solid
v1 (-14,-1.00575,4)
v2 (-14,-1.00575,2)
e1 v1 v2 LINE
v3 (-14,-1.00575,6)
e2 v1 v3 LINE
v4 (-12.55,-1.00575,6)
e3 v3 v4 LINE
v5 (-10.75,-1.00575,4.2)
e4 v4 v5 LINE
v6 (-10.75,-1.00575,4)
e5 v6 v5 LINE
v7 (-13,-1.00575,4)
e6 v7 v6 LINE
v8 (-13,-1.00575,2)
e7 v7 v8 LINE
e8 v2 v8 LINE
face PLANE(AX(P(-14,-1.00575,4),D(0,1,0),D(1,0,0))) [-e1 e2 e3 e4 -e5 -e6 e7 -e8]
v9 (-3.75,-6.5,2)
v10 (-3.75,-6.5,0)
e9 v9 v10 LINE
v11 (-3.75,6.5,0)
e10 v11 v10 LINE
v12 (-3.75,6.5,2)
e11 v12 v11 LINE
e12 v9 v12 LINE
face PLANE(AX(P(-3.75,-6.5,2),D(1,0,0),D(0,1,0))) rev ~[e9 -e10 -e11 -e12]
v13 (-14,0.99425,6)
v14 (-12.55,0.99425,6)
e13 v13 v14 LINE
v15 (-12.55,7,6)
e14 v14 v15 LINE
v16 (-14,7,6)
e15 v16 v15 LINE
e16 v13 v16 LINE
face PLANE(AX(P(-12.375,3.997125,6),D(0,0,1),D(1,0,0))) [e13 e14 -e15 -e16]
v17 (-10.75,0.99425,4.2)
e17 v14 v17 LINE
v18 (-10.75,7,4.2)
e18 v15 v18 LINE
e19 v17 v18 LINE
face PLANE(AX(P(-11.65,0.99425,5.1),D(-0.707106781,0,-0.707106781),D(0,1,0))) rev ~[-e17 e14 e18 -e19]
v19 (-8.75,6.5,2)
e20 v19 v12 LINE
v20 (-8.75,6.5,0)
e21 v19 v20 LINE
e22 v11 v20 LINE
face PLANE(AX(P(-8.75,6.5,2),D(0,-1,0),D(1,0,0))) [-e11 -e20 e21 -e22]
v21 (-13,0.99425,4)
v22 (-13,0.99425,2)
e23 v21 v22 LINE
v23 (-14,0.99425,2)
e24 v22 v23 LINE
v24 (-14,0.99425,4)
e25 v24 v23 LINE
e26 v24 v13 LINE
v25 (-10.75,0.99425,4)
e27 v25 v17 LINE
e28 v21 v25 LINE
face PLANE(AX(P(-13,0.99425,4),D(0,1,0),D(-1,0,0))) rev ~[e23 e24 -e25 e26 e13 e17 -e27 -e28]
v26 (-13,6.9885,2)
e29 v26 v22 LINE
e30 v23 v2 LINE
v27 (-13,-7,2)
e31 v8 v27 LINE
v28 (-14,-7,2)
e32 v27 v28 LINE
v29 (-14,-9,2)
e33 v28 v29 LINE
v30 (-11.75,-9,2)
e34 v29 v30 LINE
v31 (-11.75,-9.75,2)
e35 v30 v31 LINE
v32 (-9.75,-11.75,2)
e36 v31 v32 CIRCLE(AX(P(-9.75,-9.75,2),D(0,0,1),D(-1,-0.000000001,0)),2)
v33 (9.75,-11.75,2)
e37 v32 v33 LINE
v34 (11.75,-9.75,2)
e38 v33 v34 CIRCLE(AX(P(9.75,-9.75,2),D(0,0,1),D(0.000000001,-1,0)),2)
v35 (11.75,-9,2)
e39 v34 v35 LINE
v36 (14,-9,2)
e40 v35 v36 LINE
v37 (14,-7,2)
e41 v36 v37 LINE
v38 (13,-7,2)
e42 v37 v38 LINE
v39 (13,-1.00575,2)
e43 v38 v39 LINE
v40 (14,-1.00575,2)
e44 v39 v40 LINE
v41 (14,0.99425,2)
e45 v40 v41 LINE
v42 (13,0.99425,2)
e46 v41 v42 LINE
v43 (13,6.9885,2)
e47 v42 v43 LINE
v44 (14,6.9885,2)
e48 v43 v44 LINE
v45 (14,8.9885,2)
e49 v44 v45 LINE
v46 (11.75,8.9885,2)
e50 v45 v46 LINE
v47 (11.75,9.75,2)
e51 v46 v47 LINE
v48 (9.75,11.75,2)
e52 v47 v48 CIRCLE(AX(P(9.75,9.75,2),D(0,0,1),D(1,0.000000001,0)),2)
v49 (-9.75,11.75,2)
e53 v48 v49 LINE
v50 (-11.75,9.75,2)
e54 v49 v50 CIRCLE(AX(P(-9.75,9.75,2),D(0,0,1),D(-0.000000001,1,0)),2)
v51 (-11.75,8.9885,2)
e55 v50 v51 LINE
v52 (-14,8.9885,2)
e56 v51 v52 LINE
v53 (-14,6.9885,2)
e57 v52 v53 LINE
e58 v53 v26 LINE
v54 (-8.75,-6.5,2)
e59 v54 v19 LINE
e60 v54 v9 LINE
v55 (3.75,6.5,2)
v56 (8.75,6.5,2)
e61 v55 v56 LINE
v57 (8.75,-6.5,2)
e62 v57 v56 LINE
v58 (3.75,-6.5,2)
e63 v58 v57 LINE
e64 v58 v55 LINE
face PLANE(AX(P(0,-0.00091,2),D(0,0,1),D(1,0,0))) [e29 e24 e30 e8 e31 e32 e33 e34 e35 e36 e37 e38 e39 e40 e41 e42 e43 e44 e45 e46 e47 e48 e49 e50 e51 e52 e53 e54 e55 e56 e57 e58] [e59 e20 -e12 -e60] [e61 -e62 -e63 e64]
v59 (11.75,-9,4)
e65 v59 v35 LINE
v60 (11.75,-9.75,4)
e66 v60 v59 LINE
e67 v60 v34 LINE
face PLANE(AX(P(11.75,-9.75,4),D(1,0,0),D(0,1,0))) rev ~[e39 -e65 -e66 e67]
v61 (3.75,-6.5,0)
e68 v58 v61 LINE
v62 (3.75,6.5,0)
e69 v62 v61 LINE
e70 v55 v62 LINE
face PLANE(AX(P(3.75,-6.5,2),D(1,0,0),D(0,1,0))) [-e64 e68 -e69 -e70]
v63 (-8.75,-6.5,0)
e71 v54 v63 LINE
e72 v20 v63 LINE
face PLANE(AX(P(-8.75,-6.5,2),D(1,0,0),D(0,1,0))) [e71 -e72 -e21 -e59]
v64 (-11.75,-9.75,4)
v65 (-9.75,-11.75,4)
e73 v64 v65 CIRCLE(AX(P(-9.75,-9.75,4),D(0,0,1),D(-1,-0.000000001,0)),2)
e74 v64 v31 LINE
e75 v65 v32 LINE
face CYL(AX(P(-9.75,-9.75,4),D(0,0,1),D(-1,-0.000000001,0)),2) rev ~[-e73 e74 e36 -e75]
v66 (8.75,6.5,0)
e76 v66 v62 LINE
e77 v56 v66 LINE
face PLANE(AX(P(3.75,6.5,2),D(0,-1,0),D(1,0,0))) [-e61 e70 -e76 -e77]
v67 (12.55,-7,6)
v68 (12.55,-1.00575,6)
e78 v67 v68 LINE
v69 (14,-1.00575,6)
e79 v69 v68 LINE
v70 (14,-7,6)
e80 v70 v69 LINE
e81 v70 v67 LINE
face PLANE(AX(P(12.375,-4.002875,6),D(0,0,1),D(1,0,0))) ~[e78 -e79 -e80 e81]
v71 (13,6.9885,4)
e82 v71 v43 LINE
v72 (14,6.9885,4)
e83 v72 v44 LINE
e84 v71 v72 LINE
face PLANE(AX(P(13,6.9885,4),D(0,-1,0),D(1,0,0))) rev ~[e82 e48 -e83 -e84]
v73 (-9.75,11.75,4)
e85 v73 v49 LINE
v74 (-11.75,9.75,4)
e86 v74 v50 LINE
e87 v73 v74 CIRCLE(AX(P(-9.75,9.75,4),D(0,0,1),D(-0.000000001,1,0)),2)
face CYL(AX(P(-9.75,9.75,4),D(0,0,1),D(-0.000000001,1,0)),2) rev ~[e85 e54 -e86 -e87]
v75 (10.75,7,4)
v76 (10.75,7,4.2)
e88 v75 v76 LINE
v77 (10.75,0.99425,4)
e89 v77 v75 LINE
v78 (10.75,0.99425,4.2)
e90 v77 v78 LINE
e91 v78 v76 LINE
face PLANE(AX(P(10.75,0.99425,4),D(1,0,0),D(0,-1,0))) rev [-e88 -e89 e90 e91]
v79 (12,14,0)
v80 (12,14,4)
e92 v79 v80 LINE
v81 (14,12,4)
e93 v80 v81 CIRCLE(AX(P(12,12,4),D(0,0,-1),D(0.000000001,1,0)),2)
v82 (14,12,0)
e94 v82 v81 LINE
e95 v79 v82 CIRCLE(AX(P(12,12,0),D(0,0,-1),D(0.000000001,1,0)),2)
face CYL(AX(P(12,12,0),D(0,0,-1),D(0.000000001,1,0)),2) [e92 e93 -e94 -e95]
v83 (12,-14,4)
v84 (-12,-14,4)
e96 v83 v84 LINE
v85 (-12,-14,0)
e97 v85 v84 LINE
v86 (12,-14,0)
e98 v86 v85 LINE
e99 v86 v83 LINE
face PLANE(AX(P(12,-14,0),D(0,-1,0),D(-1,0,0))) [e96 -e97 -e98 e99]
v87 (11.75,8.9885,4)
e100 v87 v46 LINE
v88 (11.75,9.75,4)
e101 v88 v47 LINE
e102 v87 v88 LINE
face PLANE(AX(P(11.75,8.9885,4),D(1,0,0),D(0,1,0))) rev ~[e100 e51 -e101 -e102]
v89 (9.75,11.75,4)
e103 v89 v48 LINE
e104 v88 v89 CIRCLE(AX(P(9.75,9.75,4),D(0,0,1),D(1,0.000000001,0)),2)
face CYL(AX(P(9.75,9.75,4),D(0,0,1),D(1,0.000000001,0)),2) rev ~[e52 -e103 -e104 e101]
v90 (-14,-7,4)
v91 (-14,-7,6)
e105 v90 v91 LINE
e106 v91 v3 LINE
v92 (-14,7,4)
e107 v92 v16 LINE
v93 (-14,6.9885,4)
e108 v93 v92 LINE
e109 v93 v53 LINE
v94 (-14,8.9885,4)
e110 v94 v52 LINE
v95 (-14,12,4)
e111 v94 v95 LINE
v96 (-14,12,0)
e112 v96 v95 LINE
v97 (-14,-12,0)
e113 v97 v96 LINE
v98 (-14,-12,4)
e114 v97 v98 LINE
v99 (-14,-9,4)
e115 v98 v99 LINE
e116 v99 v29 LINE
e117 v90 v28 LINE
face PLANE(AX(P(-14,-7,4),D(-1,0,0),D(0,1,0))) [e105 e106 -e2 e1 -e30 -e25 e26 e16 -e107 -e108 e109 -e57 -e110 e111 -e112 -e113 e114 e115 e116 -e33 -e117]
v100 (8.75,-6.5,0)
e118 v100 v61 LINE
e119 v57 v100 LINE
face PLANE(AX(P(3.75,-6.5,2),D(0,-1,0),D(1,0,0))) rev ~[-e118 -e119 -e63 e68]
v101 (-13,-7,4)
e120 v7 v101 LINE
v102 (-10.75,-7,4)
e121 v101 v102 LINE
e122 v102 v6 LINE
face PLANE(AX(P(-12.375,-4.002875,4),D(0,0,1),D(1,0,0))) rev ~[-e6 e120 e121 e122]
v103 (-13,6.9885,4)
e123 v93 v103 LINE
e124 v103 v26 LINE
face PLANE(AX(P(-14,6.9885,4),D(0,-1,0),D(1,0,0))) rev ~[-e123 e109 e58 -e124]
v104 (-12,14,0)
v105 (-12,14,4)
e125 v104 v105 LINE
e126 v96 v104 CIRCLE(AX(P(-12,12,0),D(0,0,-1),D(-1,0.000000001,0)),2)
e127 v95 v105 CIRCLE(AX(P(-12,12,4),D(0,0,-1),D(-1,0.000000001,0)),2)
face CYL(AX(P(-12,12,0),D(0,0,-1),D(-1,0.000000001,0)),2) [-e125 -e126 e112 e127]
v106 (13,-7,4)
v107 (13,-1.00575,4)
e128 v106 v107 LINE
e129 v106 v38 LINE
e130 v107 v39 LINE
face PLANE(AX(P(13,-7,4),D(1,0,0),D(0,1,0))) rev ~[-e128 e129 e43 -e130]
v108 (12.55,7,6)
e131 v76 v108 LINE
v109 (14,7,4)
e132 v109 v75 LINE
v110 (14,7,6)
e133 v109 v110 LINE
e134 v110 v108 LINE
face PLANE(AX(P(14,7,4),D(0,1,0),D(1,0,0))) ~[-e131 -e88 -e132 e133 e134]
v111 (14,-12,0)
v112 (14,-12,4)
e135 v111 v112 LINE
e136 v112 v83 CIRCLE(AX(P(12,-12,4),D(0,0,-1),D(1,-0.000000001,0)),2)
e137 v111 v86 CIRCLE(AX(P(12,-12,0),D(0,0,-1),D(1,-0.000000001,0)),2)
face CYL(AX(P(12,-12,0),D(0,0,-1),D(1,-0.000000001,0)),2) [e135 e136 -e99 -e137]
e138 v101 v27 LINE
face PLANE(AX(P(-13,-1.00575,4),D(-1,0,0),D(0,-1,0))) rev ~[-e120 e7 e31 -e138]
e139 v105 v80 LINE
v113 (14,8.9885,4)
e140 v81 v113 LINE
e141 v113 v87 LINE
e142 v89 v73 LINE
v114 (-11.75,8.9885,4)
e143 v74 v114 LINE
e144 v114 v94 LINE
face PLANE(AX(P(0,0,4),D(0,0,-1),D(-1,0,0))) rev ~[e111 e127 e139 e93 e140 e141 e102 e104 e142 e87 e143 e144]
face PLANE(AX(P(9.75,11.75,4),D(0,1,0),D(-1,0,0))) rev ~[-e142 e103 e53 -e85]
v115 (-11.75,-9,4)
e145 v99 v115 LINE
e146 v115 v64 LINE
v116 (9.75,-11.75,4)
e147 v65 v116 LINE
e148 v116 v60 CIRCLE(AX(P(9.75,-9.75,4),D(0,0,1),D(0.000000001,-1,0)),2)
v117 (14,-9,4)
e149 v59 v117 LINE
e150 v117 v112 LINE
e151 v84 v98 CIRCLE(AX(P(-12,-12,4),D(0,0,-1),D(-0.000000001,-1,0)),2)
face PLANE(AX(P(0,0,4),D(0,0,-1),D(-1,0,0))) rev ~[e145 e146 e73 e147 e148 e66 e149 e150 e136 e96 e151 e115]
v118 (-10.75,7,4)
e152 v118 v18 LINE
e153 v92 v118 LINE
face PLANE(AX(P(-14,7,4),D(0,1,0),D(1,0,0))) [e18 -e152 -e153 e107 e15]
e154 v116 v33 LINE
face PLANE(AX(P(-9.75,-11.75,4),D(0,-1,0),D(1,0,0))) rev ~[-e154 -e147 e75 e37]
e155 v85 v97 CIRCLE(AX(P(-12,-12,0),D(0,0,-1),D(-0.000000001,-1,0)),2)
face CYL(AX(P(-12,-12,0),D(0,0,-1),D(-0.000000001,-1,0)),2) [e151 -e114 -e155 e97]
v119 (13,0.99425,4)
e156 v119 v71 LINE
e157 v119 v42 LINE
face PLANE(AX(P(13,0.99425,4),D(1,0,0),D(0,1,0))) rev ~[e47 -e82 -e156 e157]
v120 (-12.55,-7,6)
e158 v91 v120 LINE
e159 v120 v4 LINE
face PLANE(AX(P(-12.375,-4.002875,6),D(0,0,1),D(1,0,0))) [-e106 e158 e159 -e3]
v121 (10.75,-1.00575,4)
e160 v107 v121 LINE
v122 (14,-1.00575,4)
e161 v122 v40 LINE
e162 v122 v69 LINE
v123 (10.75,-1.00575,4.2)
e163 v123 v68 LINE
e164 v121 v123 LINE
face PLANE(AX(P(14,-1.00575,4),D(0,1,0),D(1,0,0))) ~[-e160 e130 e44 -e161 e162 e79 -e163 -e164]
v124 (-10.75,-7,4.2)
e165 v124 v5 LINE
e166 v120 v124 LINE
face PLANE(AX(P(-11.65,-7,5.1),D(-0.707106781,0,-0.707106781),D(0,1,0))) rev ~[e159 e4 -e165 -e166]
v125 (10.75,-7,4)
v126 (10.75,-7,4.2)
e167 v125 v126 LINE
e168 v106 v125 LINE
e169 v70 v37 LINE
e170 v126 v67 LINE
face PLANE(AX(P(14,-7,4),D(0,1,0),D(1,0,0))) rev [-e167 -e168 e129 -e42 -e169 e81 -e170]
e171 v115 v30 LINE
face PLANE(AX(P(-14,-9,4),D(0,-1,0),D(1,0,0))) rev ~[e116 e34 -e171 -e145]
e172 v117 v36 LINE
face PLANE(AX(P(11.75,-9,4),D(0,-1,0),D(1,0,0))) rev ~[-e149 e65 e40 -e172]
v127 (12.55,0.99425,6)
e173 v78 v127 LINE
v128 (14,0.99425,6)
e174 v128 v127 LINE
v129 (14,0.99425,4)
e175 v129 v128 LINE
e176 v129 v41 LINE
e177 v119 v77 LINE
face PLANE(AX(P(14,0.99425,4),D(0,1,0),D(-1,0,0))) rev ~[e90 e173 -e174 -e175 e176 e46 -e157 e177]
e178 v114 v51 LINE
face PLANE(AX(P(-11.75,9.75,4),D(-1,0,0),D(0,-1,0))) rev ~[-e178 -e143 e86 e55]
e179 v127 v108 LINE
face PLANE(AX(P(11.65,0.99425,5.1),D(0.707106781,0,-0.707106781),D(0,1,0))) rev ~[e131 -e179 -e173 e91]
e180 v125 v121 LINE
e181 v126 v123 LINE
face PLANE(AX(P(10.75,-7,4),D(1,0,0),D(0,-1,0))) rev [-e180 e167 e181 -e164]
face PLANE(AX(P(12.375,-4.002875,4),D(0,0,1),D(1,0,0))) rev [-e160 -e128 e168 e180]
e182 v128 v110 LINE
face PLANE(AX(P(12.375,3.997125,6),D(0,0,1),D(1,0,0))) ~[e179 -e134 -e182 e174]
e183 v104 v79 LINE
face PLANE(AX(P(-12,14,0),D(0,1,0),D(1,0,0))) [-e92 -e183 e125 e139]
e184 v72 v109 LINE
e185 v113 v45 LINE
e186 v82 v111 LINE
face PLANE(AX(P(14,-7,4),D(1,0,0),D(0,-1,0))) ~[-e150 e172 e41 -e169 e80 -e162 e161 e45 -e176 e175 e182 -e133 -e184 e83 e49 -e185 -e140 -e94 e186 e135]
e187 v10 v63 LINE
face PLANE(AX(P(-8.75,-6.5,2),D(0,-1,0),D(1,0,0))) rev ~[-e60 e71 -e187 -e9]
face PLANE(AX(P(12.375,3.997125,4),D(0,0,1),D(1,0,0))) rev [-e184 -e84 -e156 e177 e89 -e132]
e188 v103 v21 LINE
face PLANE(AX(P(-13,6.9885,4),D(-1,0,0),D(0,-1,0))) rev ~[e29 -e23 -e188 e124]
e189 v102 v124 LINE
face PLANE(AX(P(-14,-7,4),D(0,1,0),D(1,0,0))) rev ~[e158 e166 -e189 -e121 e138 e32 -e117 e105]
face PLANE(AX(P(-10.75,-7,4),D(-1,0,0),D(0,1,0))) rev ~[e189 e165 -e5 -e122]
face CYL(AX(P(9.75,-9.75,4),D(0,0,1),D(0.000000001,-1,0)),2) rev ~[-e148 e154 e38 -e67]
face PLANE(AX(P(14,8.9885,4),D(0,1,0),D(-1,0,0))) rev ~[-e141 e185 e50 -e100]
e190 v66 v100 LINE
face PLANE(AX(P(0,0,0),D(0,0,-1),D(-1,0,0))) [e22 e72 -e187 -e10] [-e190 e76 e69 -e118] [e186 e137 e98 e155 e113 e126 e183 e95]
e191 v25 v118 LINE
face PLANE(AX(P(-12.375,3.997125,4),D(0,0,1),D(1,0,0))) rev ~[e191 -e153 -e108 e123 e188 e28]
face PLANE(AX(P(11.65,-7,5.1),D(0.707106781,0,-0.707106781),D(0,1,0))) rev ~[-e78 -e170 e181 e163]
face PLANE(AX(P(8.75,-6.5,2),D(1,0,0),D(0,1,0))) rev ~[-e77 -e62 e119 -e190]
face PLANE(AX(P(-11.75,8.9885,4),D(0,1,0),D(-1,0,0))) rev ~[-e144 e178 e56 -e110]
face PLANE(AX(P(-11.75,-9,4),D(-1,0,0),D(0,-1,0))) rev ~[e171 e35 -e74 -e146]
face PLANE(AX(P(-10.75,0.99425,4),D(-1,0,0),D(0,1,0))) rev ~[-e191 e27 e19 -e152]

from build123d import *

# Parameters (mm, degrees)
BOSS_EXTRU_1_DEPTH           = 4
ENL_V_MAT_EXTRU_1_DEPTH      = 2
ESQUISSE3_W                  = 5
ESQUISSE3_H                  = 13
ENL_V_MAT_EXTRU_2_DEPTH      = 20.899748742
ESQUISSE4_W                  = 3.25
ESQUISSE4_H                  = 5.994249795
ESQUISSE4_H_2                = 6.005750205
BOSS_EXTRU_2_DEPTH           = 2
CHANFREIN3_SIZE              = 1.8
CHANFREIN3_OF_SYM_TRIE1_SIZE = 1.8


with BuildPart() as part:
    # Esquisse1 → Boss.-Extru.1 (new body)
    with BuildSketch(Plane.XY):
        with BuildLine():
            Line((12, -14), (-12, -14))
            ThreePointArc((-12, -14), (-13.414213562, -13.414213562), (-14, -12))
            Line((-14, -12), (-14, 12))
            ThreePointArc((-14, 12), (-13.414213562, 13.414213562), (-12, 14))
            Line((-12, 14), (12, 14))
            ThreePointArc((12, 14), (13.414213562, 13.414213562), (14, 12))
            Line((14, 12), (14, -12))
            ThreePointArc((14, -12), (13.414213562, -13.414213562), (12, -14))
        make_face()
    extrude(amount=BOSS_EXTRU_1_DEPTH)

    # Esquisse2 → Enlèv. mat.-Extru.1 (cut)
    with BuildSketch(Plane.XY.offset(4)):
        with BuildLine():
            Line((-9.75, -11.75), (9.75, -11.75))
            ThreePointArc((9.75, -11.75), (11.164213562, -11.164213562), (11.75, -9.75))
            Line((11.75, -9.75), (11.75, -9))
            Line((11.75, -9), (14, -9))
            Line((14, -9), (14, -7))
            Line((14, -7), (13, -7))
            Line((13, -7), (13, -1.005750205))
            Line((13, -1.005750205), (14, -1.005750205))
            Line((14, -1.005750205), (14, 0.994249795))
            Line((14, 0.994249795), (13, 0.994249795))
            Line((13, 0.994249795), (13, 6.988499589))
            Line((13, 6.988499589), (14, 6.988499589))
            Line((14, 6.988499589), (14, 8.988499589))
            Line((14, 8.988499589), (11.75, 8.988499589))
            Line((11.75, 8.988499589), (11.75, 9.75))
            ThreePointArc((11.75, 9.75), (11.164213562, 11.164213562), (9.75, 11.75))
            Line((9.75, 11.75), (-9.75, 11.75))
            ThreePointArc((-9.75, 11.75), (-11.164213562, 11.164213562), (-11.75, 9.75))
            Line((-11.75, 9.75), (-11.75, 8.988499589))
            Line((-11.75, 8.988499589), (-14, 8.988499589))
            Line((-14, 8.988499589), (-14, 6.988499589))
            Line((-14, 6.988499589), (-13, 6.988499589))
            Line((-13, 6.988499589), (-13, 0.994249795))
            Line((-13, 0.994249795), (-14, 0.994249795))
            Line((-14, 0.994249795), (-14, -1.005750205))
            Line((-14, -1.005750205), (-13, -1.005750205))
            Line((-13, -1.005750205), (-13, -7))
            Line((-13, -7), (-14, -7))
            Line((-14, -7), (-14, -9))
            Line((-14, -9), (-11.75, -9))
            Line((-11.75, -9), (-11.75, -9.75))
            ThreePointArc((-11.75, -9.75), (-11.164213562, -11.164213562), (-9.75, -11.75))
        make_face()
    extrude(amount=-ENL_V_MAT_EXTRU_1_DEPTH, mode=Mode.SUBTRACT)

    # Esquisse3 → Enlèv. mat.-Extru.2 (cut, through all)
    with BuildSketch(Plane.XY.offset(2)):
        with Locations((-6.25, 0)):
            Rectangle(ESQUISSE3_W, ESQUISSE3_H)
        with Locations((6.25, 0)):
            Rectangle(ESQUISSE3_W, ESQUISSE3_H)
    extrude(amount=-ENL_V_MAT_EXTRU_2_DEPTH, mode=Mode.SUBTRACT)

    # Esquisse4 → Boss.-Extru.2 (add)
    with BuildSketch(Plane.XY.offset(4)):
        with Locations((-12.375, -4.002875103)):
            Rectangle(ESQUISSE4_W, ESQUISSE4_H)
        with Locations((-12.375, 3.997124897)):
            Rectangle(ESQUISSE4_W, ESQUISSE4_H_2)
    boss_extru_2 = extrude(amount=BOSS_EXTRU_2_DEPTH)

    # Chanfrein3
    chanfrein3_edges = [part.edges().sort_by_distance(p)[0] for p in [
        (-10.75, 3.997124897, 6),
        (-10.75, -4.002875103, 6),
    ]]
    chamfer(chanfrein3_edges, length=CHANFREIN3_SIZE)

    # Symétrie1: Boss.-Extru.2 across plane
    add(boss_extru_2.mirror(Plane(origin=(0, 0, 0), x_dir=(0, 0, 1), z_dir=(1, 0, 0))))

    # Chanfrein3 of Symétrie1
    chanfrein3_of_sym_trie1_edges = [part.edges().sort_by_distance(p)[0] for p in [
        (10.75, 3.997124897, 6),
        (10.75, -4.002875103, 6),
    ]]
    chamfer(chanfrein3_of_sym_trie1_edges, length=CHANFREIN3_OF_SYM_TRIE1_SIZE)


solid = part.part
